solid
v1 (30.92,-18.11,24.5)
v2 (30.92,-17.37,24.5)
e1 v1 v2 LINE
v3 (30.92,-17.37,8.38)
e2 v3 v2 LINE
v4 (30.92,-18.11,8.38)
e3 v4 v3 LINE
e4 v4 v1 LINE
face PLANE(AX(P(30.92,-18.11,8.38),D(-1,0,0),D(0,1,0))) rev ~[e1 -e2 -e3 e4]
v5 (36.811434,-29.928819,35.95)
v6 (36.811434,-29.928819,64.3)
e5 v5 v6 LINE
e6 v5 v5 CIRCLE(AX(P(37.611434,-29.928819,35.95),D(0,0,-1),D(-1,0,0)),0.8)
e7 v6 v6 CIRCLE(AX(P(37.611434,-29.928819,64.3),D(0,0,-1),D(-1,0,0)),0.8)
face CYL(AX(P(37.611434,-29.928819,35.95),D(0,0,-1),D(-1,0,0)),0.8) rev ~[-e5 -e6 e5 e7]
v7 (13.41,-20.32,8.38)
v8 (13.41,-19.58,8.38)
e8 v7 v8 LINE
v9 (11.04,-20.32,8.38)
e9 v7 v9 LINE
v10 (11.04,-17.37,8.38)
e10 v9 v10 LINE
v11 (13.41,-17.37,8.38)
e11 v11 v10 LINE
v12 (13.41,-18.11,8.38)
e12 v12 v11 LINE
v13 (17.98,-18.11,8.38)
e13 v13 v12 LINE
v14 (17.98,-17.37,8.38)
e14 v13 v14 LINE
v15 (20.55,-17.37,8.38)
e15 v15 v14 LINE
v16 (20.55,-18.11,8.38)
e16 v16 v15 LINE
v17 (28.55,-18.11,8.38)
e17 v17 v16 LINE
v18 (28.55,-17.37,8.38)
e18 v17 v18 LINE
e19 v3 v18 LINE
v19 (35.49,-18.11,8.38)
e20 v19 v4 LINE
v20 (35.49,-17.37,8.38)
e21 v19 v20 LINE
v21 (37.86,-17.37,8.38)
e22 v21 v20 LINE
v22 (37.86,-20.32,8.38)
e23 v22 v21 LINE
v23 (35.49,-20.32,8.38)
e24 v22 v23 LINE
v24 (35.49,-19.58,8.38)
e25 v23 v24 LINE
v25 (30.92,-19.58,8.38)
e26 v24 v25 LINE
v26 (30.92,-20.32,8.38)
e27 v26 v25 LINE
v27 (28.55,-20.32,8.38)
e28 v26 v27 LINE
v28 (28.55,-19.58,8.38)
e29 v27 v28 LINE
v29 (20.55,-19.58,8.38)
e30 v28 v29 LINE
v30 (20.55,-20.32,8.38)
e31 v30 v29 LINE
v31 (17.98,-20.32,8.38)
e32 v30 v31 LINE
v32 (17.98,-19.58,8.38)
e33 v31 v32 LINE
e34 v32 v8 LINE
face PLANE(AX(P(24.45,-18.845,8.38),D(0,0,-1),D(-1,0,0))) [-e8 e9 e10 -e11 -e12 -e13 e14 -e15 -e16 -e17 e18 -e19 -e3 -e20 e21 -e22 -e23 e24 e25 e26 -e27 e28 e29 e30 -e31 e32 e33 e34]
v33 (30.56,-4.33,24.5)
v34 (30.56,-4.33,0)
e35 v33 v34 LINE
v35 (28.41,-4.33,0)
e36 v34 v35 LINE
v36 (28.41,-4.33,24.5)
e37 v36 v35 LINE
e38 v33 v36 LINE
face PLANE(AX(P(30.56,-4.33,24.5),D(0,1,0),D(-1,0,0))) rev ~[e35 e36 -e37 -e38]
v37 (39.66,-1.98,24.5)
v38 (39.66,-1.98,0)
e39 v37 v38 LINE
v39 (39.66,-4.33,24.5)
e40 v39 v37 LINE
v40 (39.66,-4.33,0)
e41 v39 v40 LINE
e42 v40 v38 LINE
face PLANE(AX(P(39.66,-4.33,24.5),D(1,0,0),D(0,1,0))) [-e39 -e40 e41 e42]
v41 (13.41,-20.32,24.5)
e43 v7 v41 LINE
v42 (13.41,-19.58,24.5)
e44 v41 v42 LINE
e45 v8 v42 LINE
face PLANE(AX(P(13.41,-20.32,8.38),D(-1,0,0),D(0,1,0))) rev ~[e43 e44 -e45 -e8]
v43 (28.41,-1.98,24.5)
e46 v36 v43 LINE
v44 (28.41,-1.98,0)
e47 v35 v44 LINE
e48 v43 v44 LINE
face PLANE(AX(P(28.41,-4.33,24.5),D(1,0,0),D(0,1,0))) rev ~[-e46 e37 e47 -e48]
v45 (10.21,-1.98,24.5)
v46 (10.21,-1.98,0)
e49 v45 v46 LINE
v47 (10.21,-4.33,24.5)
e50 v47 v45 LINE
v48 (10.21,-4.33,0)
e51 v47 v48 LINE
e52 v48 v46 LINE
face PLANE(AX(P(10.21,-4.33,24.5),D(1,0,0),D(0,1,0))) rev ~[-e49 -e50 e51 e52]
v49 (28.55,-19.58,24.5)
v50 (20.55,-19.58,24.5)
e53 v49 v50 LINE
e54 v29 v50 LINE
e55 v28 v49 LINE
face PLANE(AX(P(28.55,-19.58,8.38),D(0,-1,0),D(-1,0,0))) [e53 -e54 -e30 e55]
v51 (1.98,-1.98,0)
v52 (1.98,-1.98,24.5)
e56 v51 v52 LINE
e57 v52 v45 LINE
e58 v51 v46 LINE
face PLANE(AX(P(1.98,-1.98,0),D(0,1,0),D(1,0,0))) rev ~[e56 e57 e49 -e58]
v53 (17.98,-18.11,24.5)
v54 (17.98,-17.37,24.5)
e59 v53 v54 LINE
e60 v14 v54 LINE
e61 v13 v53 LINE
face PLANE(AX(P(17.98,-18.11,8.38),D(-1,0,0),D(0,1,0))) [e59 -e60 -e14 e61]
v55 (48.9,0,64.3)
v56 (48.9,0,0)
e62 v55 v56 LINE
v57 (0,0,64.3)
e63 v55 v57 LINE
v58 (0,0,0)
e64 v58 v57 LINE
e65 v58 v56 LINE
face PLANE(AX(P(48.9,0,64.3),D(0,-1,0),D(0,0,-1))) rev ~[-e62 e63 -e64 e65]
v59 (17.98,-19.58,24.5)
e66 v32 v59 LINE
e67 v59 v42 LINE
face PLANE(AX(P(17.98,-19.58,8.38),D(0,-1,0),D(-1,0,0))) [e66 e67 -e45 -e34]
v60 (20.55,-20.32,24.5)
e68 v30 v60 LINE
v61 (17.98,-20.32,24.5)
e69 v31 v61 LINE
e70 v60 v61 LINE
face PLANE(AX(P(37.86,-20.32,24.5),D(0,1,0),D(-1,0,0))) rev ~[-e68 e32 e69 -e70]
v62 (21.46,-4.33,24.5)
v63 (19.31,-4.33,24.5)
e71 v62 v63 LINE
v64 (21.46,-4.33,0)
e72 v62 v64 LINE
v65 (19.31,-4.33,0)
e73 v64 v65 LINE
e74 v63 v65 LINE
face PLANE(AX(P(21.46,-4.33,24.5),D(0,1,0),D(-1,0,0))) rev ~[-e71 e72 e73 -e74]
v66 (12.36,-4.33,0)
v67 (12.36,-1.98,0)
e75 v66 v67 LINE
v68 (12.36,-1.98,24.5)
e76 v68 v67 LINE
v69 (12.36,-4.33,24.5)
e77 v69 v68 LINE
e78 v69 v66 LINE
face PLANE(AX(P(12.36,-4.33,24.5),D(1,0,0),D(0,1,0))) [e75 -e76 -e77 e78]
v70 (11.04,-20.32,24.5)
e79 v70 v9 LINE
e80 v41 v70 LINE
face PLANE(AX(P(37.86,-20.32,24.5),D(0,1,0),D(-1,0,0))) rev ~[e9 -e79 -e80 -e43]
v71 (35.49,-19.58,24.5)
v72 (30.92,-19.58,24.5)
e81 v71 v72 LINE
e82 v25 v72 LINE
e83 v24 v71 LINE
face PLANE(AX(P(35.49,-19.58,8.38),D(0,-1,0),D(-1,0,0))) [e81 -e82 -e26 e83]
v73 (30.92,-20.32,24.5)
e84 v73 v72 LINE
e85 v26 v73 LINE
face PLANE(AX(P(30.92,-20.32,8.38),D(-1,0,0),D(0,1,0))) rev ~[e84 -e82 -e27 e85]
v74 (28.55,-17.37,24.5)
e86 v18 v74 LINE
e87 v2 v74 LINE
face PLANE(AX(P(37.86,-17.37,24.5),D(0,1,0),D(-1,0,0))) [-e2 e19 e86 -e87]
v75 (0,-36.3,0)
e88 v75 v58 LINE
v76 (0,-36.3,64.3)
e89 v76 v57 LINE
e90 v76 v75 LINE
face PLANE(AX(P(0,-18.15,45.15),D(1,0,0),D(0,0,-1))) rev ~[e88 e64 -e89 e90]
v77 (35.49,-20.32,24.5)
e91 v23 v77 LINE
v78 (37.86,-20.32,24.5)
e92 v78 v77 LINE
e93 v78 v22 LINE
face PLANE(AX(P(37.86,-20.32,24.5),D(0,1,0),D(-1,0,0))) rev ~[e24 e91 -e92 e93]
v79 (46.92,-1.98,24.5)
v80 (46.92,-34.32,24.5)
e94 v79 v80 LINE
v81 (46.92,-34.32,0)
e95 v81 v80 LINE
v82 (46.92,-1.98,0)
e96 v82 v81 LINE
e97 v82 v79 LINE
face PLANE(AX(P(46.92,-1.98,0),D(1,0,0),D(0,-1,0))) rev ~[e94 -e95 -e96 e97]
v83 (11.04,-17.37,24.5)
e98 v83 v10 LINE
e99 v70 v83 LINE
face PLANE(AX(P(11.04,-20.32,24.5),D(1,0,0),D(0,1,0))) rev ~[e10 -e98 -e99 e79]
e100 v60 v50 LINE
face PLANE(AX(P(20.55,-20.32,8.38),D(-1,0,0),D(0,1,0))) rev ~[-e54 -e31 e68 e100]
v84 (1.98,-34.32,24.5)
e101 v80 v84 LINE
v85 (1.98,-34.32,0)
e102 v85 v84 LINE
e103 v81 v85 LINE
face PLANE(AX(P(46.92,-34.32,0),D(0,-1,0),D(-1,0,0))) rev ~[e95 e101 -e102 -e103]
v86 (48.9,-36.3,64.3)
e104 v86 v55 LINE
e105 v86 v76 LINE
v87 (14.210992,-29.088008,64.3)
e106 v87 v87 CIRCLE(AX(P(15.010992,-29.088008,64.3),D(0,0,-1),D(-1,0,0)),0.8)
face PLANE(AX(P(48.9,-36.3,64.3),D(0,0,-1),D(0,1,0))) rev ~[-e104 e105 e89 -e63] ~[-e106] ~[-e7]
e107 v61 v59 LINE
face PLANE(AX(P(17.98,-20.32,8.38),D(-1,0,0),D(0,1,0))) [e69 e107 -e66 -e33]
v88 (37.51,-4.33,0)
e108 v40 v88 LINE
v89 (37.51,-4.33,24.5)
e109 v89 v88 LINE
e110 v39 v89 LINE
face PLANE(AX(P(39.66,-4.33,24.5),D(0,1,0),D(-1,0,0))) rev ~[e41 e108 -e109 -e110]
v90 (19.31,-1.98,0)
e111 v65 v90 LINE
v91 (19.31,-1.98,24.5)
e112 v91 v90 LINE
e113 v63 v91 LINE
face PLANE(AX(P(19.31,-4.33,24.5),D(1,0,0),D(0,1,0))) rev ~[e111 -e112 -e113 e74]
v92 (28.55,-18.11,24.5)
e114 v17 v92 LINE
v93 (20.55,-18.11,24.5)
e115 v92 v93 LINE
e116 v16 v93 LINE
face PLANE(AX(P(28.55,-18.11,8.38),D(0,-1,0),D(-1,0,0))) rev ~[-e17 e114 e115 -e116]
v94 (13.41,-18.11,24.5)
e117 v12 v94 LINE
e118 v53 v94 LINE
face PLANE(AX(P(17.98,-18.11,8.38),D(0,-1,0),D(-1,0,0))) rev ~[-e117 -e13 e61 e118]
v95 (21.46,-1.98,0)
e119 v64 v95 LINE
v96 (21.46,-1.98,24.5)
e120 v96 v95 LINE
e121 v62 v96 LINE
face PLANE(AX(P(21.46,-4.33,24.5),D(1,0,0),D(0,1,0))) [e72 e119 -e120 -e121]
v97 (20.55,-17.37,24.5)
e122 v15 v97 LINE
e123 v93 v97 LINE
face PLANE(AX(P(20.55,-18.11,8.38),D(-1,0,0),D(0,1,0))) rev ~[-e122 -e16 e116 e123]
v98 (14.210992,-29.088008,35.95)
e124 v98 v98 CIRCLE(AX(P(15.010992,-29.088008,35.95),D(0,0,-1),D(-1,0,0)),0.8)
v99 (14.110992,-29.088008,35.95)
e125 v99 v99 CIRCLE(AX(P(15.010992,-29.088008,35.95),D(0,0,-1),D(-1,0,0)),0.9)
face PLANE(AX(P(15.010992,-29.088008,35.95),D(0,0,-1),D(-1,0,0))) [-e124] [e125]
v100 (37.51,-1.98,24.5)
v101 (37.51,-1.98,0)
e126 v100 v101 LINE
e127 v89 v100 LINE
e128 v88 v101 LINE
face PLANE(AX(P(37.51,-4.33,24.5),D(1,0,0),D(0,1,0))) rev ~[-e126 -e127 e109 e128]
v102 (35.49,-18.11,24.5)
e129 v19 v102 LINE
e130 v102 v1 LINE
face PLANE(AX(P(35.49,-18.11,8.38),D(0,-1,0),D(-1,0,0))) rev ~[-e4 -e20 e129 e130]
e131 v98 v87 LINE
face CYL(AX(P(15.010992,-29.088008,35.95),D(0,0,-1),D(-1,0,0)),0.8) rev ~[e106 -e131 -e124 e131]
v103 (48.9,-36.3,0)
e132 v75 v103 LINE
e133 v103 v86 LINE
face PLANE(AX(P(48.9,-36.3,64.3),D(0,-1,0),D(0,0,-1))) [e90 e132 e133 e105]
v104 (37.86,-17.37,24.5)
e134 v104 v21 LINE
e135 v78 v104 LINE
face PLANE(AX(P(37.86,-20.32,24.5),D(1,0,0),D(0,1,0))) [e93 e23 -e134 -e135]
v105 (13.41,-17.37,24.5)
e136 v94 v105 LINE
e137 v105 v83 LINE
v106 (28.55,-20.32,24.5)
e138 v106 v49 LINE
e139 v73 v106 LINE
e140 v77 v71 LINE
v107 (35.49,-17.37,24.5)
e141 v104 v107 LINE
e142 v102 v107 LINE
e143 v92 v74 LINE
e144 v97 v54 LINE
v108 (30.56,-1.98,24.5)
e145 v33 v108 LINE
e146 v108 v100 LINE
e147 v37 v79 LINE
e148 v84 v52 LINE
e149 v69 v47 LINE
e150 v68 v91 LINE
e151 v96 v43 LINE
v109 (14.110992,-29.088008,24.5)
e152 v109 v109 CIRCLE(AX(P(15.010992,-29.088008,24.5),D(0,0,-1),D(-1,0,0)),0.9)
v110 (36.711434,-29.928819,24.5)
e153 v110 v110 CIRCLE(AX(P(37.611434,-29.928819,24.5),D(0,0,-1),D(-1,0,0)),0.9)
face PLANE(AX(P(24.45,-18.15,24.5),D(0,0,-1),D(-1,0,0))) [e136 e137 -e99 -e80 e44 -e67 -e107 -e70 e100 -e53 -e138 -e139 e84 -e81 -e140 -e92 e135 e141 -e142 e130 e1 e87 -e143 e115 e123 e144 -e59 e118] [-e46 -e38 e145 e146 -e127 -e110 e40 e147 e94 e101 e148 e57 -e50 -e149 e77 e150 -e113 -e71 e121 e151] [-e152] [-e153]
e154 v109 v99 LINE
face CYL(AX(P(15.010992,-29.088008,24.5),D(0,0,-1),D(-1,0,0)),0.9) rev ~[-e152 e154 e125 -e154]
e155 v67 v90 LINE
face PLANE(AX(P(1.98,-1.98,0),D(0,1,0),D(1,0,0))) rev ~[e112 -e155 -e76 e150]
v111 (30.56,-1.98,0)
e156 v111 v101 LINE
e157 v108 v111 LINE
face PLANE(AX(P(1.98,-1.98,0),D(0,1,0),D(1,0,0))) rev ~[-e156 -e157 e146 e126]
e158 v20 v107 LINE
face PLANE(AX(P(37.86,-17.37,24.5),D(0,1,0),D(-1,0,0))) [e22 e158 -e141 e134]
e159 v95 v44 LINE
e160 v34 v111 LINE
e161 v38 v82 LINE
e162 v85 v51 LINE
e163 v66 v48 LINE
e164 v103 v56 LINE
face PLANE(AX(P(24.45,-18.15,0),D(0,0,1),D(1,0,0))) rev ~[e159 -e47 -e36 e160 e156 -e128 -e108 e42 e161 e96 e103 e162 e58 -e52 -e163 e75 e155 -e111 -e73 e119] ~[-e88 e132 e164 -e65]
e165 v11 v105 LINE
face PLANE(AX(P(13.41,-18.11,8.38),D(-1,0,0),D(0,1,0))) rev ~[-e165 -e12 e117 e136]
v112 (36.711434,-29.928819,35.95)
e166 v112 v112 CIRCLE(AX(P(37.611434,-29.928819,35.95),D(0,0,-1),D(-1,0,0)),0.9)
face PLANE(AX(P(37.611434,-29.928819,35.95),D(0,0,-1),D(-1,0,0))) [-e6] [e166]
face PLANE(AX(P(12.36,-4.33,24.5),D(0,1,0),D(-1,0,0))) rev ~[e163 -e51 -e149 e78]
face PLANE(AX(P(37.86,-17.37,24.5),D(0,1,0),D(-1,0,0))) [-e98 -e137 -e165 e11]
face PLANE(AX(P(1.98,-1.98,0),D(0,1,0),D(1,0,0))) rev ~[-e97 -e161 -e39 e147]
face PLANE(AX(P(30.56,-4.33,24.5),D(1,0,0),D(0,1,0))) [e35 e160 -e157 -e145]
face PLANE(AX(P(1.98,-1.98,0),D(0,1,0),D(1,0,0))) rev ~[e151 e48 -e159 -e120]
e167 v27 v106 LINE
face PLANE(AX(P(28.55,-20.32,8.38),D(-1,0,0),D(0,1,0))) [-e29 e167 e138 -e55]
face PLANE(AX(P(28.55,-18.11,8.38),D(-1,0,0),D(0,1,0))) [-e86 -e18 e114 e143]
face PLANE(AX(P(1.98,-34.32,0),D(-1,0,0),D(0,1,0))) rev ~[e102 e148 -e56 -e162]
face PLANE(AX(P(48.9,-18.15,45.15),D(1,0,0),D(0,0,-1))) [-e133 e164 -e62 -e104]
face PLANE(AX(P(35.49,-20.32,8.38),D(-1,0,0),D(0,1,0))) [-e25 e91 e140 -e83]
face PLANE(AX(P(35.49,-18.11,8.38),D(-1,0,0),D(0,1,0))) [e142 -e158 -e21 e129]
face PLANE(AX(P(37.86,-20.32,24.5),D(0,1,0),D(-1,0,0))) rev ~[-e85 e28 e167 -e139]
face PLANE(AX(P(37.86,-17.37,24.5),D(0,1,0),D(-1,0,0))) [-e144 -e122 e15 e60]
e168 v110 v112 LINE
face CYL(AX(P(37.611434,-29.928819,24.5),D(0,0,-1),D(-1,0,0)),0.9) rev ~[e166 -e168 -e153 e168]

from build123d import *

# Parameters (mm, degrees)
SKETCH1_W           = 48.9
SKETCH1_H           = 36.3
BOSS_EXTRUDE1_DEPTH = 26
CUT_EXTRUDE1_DEPTH  = 24.5
SKETCH4_W           = 2.15
SKETCH4_H           = 2.35
BOSS_EXTRUDE3_DEPTH = 24.5
SKETCH5_W           = 26.82
SKETCH5_H           = 2.95
BOSS_EXTRUDE4_DEPTH = 16.12
SKETCH6_W           = 4.57
SKETCH6_H           = 0.74
SKETCH6_W_2         = 8
CUT_EXTRUDE2_DEPTH  = 16.12
SKETCH7_W           = 38.3
SKETCH7_H           = 36.3
BOSS_EXTRUDE5_DEPTH = 48.9
SKETCH8_R           = 0.9
CUT_EXTRUDE3_DEPTH  = 11.45
SKETCH9_R           = 0.8
CUT_EXTRUDE4_DEPTH  = 71.719887585


with BuildPart() as part:
    # Sketch1 → Boss-Extrude1 (new body)
    with BuildSketch(Plane.XY):
        with Locations((24.45, -18.15)):
            Rectangle(SKETCH1_W, SKETCH1_H)
    extrude(amount=BOSS_EXTRUDE1_DEPTH)

    # Sketch3 → Cut-Extrude1 (cut)
    with BuildSketch(Plane(origin=(0, 0, 0), x_dir=(-1, 0, 0), z_dir=(0, 0, -1))):
        Polygon((-24.45, -1.98), (-46.92, -1.98), (-46.92, -34.32), (-1.98, -34.32), (-1.98, -1.98), align=None)
    extrude(amount=-CUT_EXTRUDE1_DEPTH, mode=Mode.SUBTRACT)

    # Sketch4 → Boss-Extrude3 (add)
    with BuildSketch(Plane(origin=(0, 0, 24.5), x_dir=(-1, 0, 0), z_dir=(0, 0, -1))):
        with Locations((-38.585, -3.155)):
            Rectangle(SKETCH4_W, SKETCH4_H)
        with Locations((-29.485, -3.155)):
            Rectangle(SKETCH4_W, SKETCH4_H)
        with Locations((-20.385, -3.155)):
            Rectangle(SKETCH4_W, SKETCH4_H)
        with Locations((-11.285, -3.155)):
            Rectangle(SKETCH4_W, SKETCH4_H)
    extrude(amount=BOSS_EXTRUDE3_DEPTH)

    # Sketch5 → Boss-Extrude4 (add)
    with BuildSketch(Plane(origin=(0, 0, 24.5), x_dir=(-1, 0, 0), z_dir=(0, 0, -1))):
        with Locations((-24.45, -18.845)):
            Rectangle(SKETCH5_W, SKETCH5_H)
    extrude(amount=BOSS_EXTRUDE4_DEPTH)

    # Sketch6 → Cut-Extrude2 (cut)
    with BuildSketch(Plane(origin=(0, 0, 8.38), x_dir=(-1, 0, 0), z_dir=(0, 0, -1))):
        with Locations((-33.205, -19.95)):
            Rectangle(SKETCH6_W, SKETCH6_H)
        with Locations((-24.55, -19.95)):
            Rectangle(SKETCH6_W_2, SKETCH6_H)
        with Locations((-15.695, -19.95)):
            Rectangle(SKETCH6_W, SKETCH6_H)
        with Locations((-15.695, -17.74)):
            Rectangle(SKETCH6_W, SKETCH6_H)
        with Locations((-24.55, -17.74)):
            Rectangle(SKETCH6_W_2, SKETCH6_H)
        with Locations((-33.205, -17.74)):
            Rectangle(SKETCH6_W, SKETCH6_H)
    extrude(amount=-CUT_EXTRUDE2_DEPTH, mode=Mode.SUBTRACT)

    # Sketch7 → Boss-Extrude5 (add)
    with BuildSketch(Plane(origin=(48.9, 0, 0), x_dir=(0, 0, -1), z_dir=(1, 0, 0))):
        with Locations((-45.15, -18.15)):
            Rectangle(SKETCH7_W, SKETCH7_H)
    extrude(amount=-BOSS_EXTRUDE5_DEPTH)

    # Sketch8 → Cut-Extrude3 (cut)
    with BuildSketch(Plane(origin=(0, 0, 24.5), x_dir=(-1, 0, 0), z_dir=(0, 0, -1))):
        with Locations((-37.61143404, -29.928818747)):
            Circle(SKETCH8_R)
        with Locations((-15.010991749, -29.088008467)):
            Circle(SKETCH8_R)
    extrude(amount=-CUT_EXTRUDE3_DEPTH, mode=Mode.SUBTRACT)

    # Sketch9 → Cut-Extrude4 (cut, through all)
    with BuildSketch(Plane(origin=(0, 0, 35.95), x_dir=(-1, 0, 0), z_dir=(0, 0, -1))):
        with Locations((-37.61143404, -29.928818747)):
            Circle(SKETCH9_R)
        with Locations((-15.010991749, -29.088008467)):
            Circle(SKETCH9_R)
    extrude(amount=-CUT_EXTRUDE4_DEPTH, mode=Mode.SUBTRACT)


solid = part.part
